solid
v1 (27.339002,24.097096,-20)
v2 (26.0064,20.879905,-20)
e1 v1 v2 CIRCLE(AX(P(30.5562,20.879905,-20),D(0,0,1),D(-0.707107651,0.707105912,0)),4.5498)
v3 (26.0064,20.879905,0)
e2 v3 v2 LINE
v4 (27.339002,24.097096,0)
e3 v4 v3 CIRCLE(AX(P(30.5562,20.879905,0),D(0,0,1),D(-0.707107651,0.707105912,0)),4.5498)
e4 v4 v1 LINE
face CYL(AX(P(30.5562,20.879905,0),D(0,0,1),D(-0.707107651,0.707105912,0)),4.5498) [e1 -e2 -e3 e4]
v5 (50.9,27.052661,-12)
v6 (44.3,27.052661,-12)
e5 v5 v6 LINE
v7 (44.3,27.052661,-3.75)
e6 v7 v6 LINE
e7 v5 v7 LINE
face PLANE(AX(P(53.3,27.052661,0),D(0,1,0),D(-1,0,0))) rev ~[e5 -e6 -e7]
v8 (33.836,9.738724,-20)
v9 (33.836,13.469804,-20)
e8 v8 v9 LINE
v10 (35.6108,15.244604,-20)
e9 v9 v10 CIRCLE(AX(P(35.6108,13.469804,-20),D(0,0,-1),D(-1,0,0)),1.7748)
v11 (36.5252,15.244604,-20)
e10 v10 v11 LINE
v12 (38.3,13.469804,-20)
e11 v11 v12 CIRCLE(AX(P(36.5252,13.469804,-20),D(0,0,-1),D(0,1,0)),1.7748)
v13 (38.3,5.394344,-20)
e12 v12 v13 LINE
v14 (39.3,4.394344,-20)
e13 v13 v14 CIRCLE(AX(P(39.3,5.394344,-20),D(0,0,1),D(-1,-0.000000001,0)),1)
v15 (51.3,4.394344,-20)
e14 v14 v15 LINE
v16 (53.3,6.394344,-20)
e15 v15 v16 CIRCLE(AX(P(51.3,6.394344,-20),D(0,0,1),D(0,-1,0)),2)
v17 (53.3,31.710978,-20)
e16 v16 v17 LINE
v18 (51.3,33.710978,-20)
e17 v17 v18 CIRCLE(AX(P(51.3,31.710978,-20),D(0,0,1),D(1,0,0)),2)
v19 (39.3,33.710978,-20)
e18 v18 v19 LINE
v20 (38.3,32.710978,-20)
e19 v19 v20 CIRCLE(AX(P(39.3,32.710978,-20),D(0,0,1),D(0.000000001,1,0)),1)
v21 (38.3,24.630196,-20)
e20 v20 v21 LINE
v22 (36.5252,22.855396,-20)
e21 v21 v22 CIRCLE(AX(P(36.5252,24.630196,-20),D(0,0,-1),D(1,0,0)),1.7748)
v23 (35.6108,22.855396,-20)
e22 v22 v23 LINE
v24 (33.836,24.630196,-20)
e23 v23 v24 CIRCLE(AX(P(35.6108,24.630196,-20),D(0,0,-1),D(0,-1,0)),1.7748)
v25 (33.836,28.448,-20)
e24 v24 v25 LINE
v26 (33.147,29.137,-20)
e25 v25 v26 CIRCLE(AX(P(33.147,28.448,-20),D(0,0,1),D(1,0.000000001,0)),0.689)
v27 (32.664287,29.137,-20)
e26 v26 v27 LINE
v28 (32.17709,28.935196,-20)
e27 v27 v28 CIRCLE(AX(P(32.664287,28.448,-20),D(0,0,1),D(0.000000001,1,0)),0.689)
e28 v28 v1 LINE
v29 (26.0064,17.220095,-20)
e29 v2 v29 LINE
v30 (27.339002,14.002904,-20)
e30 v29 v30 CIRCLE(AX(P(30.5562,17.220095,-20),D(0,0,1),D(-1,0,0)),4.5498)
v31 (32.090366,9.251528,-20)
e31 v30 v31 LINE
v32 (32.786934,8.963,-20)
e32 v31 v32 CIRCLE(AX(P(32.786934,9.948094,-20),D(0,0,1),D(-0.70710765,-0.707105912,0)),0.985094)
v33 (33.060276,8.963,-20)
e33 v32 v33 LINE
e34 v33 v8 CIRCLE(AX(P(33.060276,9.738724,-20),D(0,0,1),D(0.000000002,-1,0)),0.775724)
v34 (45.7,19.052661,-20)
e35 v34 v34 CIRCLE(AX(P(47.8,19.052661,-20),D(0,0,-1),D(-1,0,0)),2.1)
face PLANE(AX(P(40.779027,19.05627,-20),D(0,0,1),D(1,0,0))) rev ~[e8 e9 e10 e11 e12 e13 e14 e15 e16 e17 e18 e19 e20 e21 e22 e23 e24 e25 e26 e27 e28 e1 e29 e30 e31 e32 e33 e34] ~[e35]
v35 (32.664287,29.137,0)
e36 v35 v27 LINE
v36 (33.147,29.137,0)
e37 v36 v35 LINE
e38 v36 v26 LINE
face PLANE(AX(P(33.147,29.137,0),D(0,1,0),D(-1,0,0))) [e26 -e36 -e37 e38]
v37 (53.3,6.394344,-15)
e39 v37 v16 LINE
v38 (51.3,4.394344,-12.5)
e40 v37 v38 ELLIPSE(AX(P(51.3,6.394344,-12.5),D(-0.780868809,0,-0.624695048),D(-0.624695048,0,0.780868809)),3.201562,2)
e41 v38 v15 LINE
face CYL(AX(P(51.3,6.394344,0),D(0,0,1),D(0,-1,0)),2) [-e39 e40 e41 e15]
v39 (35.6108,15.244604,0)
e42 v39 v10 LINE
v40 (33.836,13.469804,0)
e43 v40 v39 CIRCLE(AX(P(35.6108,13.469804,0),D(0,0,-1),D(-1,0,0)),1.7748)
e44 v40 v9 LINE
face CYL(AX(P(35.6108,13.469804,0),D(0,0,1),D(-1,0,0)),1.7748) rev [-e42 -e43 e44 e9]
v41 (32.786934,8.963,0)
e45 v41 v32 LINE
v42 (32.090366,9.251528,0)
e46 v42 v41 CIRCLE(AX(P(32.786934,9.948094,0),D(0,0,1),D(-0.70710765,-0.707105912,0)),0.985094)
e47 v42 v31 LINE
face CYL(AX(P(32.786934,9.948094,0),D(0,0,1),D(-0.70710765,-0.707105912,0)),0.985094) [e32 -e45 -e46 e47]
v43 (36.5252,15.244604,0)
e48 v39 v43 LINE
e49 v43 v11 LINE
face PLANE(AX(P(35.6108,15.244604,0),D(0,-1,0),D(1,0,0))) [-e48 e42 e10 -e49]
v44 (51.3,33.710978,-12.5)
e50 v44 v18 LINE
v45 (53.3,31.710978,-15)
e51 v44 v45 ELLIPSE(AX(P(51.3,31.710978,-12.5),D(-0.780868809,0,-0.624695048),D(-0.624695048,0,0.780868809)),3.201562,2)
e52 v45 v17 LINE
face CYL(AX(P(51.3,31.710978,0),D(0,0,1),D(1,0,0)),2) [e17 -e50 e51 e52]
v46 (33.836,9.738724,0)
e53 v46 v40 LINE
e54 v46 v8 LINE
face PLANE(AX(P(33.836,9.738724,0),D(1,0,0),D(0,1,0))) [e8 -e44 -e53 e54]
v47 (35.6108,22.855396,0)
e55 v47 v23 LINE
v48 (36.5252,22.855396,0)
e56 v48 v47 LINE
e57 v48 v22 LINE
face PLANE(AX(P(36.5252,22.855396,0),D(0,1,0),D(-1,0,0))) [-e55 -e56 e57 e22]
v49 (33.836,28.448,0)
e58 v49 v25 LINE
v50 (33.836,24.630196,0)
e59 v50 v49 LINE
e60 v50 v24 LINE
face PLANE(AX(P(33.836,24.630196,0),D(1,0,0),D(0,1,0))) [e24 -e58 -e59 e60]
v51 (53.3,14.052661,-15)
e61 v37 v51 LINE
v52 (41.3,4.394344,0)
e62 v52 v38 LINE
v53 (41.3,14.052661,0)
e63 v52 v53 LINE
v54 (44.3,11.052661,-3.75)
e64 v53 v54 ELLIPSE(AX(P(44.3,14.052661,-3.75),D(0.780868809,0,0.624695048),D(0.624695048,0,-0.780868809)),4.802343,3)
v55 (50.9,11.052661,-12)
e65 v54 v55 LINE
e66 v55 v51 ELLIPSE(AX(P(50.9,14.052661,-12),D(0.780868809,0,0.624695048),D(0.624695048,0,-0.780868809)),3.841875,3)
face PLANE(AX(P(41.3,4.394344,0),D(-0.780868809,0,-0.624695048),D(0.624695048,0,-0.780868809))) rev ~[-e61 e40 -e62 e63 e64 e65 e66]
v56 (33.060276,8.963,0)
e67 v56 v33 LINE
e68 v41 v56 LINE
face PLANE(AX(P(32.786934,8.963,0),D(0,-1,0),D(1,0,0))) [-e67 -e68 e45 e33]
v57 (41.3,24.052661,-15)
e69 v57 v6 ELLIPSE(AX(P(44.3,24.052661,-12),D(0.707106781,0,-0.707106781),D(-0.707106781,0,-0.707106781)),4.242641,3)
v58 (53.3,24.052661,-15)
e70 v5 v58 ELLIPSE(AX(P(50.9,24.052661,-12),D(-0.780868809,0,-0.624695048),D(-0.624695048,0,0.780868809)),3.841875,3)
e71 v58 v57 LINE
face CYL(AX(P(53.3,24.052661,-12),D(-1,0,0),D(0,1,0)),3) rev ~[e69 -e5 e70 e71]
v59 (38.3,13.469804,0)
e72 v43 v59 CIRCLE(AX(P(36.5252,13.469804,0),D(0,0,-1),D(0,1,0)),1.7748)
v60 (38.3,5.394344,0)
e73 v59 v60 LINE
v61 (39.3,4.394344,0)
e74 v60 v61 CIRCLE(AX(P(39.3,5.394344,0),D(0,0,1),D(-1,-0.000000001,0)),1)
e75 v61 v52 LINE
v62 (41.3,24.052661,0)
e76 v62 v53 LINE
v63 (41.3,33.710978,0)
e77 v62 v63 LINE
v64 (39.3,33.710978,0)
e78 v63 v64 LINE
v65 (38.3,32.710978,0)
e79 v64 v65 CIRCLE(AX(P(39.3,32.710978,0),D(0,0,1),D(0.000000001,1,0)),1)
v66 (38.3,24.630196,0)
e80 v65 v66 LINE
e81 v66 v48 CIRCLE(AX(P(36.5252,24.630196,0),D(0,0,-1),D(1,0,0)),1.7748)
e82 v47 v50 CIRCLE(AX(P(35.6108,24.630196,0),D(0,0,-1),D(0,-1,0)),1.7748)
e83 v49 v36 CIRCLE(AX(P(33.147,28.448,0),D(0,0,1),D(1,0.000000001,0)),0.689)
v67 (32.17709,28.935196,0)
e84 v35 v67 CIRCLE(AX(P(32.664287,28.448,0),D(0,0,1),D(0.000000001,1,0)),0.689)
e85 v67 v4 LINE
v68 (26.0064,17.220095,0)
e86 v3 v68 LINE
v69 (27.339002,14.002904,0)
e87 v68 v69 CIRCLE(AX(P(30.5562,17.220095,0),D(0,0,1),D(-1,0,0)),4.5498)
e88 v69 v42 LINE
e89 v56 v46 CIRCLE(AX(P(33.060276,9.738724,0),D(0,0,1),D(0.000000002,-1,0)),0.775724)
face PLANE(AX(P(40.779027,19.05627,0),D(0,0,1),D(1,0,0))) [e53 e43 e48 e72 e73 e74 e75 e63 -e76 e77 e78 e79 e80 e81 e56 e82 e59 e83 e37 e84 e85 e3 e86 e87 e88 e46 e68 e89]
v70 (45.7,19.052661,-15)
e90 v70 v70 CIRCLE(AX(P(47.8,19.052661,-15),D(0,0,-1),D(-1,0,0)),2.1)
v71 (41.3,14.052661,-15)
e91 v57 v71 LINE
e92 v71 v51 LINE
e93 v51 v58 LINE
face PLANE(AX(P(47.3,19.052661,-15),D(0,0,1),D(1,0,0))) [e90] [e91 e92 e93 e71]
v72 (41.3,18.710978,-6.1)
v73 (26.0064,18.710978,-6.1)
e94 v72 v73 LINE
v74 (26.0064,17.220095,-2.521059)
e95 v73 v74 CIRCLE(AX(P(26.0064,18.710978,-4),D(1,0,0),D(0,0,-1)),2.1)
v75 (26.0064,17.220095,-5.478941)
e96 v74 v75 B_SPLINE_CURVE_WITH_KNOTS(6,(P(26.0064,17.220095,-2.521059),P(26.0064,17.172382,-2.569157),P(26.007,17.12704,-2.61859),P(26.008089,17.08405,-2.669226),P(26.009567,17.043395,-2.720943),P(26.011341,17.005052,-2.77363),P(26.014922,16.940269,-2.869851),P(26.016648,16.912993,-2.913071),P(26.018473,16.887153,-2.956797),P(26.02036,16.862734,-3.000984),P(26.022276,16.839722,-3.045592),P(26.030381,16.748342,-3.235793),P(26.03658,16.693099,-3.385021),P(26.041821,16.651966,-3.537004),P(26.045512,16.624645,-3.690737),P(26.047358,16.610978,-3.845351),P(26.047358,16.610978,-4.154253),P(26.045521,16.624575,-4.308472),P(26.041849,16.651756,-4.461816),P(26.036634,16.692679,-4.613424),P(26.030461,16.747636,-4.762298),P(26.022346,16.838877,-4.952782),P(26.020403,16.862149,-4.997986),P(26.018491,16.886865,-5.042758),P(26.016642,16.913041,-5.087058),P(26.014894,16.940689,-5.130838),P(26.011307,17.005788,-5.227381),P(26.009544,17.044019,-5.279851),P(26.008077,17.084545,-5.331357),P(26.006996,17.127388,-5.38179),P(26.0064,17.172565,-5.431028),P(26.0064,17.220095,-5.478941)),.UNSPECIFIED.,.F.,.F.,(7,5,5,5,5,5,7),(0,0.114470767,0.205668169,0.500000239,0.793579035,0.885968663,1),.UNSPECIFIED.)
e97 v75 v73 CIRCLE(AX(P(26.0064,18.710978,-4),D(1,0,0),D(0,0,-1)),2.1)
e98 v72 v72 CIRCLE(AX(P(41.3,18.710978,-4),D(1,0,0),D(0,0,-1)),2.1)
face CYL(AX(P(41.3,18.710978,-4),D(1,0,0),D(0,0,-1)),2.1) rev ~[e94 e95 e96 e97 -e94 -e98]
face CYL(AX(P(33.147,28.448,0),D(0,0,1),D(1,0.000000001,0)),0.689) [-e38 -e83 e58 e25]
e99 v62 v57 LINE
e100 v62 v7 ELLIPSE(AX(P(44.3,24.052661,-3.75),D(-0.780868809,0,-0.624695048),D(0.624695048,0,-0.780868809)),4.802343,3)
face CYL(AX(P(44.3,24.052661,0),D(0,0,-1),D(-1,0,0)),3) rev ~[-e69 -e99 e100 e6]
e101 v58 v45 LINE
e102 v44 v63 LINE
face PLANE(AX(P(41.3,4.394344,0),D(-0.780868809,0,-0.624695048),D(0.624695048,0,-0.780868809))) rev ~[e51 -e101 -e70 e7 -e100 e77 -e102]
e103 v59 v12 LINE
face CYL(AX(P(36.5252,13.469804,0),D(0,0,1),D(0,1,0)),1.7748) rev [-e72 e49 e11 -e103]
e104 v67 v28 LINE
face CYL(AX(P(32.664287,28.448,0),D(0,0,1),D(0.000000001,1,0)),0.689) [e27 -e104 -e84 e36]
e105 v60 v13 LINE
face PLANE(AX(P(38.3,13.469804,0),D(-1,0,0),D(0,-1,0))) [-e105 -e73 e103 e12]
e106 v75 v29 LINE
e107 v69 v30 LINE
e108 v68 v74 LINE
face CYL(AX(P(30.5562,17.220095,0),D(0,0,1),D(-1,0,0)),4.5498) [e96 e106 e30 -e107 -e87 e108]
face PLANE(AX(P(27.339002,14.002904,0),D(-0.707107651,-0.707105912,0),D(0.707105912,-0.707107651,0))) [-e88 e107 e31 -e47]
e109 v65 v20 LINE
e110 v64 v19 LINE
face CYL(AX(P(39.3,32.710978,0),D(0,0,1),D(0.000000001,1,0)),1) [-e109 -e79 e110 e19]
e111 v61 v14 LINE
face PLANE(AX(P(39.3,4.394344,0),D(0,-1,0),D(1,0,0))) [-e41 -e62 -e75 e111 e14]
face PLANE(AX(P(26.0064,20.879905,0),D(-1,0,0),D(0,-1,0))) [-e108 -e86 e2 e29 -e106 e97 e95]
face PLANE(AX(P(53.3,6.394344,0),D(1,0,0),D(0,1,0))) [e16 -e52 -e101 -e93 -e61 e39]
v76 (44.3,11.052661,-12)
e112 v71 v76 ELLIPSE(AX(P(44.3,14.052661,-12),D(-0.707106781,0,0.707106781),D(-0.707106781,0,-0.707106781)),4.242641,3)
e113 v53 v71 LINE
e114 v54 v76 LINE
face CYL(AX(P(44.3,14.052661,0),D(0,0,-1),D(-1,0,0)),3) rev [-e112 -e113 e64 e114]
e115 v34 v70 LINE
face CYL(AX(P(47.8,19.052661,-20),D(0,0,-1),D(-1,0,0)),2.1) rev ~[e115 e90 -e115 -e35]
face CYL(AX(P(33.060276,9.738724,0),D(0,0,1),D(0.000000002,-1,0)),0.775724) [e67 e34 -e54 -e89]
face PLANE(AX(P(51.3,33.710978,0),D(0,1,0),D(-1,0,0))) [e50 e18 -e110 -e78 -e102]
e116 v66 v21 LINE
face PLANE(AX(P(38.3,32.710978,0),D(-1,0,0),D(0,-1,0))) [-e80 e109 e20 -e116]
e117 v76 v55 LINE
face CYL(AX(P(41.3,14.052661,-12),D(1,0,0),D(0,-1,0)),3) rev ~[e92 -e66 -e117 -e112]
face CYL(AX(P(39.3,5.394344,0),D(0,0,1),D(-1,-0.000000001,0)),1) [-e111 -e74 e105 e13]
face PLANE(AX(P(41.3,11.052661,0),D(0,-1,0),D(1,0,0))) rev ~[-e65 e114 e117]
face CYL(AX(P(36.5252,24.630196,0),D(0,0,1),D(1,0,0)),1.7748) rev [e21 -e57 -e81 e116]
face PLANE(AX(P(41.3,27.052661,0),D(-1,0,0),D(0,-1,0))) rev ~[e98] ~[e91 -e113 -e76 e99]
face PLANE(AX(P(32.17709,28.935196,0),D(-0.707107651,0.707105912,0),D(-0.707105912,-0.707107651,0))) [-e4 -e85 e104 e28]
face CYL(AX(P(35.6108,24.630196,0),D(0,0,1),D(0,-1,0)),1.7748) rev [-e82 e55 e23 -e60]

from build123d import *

# Parameters (mm, degrees)
BOSS_EXTRUDE1_DEPTH = 20
CUT_EXTRUDE5_DEPTH  = 15
SKETCH3_R           = 2.1
CUT_EXTRUDE2_DEPTH  = 43.075221209
SKETCH5_R           = 2.1
CUT_EXTRUDE4_DEPTH  = 67.161318327
CUT_EXTRUDE6_DEPTH  = 65.034014837
FILLET1_R           = 3


with BuildPart() as part:
    # Sketch1 → Boss-Extrude1 (new body)
    with BuildSketch(Plane.XY):
        with BuildLine():
            Line((38.3, 10.745623604), (38.3, 9.881410941))
            Line((38.3, 9.881410941), (38.3, 5.394343623))
            ThreePointArc((38.3, 5.394343623), (38.592893219, 4.687236842), (39.3, 4.394343623))
            Line((39.3, 4.394343623), (40.3, 4.394343623))
            Line((40.3, 4.394343623), (51.3, 4.394343623))
            ThreePointArc((51.3, 4.394343623), (52.714213562, 4.98013006), (53.3, 6.394343623))
            Line((53.3, 6.394343623), (53.3, 29.710978016))
            Line((53.3, 29.710978016), (53.3, 31.710978016))
            ThreePointArc((53.3, 31.710978016), (52.714213562, 33.125191579), (51.3, 33.710978016))
            Line((51.3, 33.710978016), (41.3, 33.710978016))
            Line((41.3, 33.710978016), (39.3, 33.710978016))
            ThreePointArc((39.3, 33.710978016), (38.592893219, 33.418084798), (38.3, 32.710978016))
            Line((38.3, 32.710978016), (38.3, 28.215588568))
            Line((38.3, 28.215588568), (38.3, 27.353495632))
            Line((38.3, 27.353495632), (38.3, 24.630195866))
            ThreePointArc((38.3, 24.630195866), (37.780173169, 23.37522288), (36.525200183, 22.855396049))
            Line((36.525200183, 22.855396049), (35.6108, 22.855396049))
            ThreePointArc((35.6108, 22.855396049), (34.355826885, 23.375222934), (33.836, 24.630196049))
            Line((33.836, 24.630196049), (33.836, 28.448))
            ThreePointArc((33.836, 28.448), (33.634196572, 28.935196572), (33.147, 29.137))
            Line((33.147, 29.137), (32.664287242, 29.137))
            ThreePointArc((32.664287242, 29.137), (32.400617966, 29.084552836), (32.177090071, 28.935195973))
            Line((32.177090071, 28.935195973), (27.33900161, 24.097095612))
            ThreePointArc((27.33900161, 24.097095612), (26.352731832, 22.621035632), (26.0064, 20.879905136))
            Line((26.0064, 20.879905136), (26.0064, 17.220094864))
            ThreePointArc((26.0064, 17.220094864), (26.352731832, 15.478964368), (27.33900161, 14.002904388))
            Line((27.33900161, 14.002904388), (32.090366071, 9.25152824))
            ThreePointArc((32.090366071, 9.25152824), (32.409953896, 9.037986056), (32.786933649, 8.963))
            Line((32.786933649, 8.963), (33.060275787, 8.963))
            ThreePointArc((33.060275787, 8.963), (33.608795638, 9.190204362), (33.836, 9.738724213))
            Line((33.836, 9.738724213), (33.836, 13.469803585))
            ThreePointArc((33.836, 13.469803585), (34.355826992, 14.724776959), (35.610800366, 15.244603951))
            Line((35.610800366, 15.244603951), (36.5252, 15.244603951))
            ThreePointArc((36.5252, 15.244603951), (37.780173115, 14.724777066), (38.3, 13.469803951))
            Line((38.3, 13.469803951), (38.3, 10.745623604))
        make_face()
    extrude(amount=-BOSS_EXTRUDE1_DEPTH)

    # Sketch6 → Cut-Extrude5 (cut)
    with BuildSketch(Plane.XY):
        Polygon((53.3, 19.05266082), (53.3, 27.05266082), (41.3, 27.05266082), (41.3, 13.469803951), (41.3, 11.05266082), (53.3, 11.05266082), align=None)
    extrude(amount=-CUT_EXTRUDE5_DEPTH, mode=Mode.SUBTRACT)

    # Sketch3 → Cut-Extrude2 (cut, through all)
    with BuildSketch(Plane(origin=(41.3, 0, 0), x_dir=(0, 0, -1), z_dir=(1, 0, 0))):
        with Locations((4, 18.710978016)):
            Circle(SKETCH3_R)
    extrude(amount=-CUT_EXTRUDE2_DEPTH, mode=Mode.SUBTRACT)

    # Sketch5 → Cut-Extrude4 (cut, through all)
    with BuildSketch(Plane(origin=(0, 0, -20), x_dir=(-1, 0, 0), z_dir=(0, 0, -1))):
        with Locations((-47.8, 19.05266082)):
            Circle(SKETCH5_R)
    extrude(amount=-CUT_EXTRUDE4_DEPTH, mode=Mode.SUBTRACT)

    # Sketch7 → Cut-Extrude6 (cut, through all)
    with BuildSketch(Plane.XZ.offset(-4.394343623)):
        Polygon((41.3, 0), (53.3, -15), (53.3, 0), align=None)
    extrude(amount=-CUT_EXTRUDE6_DEPTH, mode=Mode.SUBTRACT)

    # Fillet1
    fillet1_edges = [part.edges().sort_by_distance(p)[0] for p in [
        (41.3, 11.05266082, -7.5),
        (41.3, 27.05266082, -7.5),
        (47.3, 11.05266082, -15),
        (47.3, 27.05266082, -15),
    ]]
    fillet(fillet1_edges, radius=FILLET1_R)


solid = part.part
